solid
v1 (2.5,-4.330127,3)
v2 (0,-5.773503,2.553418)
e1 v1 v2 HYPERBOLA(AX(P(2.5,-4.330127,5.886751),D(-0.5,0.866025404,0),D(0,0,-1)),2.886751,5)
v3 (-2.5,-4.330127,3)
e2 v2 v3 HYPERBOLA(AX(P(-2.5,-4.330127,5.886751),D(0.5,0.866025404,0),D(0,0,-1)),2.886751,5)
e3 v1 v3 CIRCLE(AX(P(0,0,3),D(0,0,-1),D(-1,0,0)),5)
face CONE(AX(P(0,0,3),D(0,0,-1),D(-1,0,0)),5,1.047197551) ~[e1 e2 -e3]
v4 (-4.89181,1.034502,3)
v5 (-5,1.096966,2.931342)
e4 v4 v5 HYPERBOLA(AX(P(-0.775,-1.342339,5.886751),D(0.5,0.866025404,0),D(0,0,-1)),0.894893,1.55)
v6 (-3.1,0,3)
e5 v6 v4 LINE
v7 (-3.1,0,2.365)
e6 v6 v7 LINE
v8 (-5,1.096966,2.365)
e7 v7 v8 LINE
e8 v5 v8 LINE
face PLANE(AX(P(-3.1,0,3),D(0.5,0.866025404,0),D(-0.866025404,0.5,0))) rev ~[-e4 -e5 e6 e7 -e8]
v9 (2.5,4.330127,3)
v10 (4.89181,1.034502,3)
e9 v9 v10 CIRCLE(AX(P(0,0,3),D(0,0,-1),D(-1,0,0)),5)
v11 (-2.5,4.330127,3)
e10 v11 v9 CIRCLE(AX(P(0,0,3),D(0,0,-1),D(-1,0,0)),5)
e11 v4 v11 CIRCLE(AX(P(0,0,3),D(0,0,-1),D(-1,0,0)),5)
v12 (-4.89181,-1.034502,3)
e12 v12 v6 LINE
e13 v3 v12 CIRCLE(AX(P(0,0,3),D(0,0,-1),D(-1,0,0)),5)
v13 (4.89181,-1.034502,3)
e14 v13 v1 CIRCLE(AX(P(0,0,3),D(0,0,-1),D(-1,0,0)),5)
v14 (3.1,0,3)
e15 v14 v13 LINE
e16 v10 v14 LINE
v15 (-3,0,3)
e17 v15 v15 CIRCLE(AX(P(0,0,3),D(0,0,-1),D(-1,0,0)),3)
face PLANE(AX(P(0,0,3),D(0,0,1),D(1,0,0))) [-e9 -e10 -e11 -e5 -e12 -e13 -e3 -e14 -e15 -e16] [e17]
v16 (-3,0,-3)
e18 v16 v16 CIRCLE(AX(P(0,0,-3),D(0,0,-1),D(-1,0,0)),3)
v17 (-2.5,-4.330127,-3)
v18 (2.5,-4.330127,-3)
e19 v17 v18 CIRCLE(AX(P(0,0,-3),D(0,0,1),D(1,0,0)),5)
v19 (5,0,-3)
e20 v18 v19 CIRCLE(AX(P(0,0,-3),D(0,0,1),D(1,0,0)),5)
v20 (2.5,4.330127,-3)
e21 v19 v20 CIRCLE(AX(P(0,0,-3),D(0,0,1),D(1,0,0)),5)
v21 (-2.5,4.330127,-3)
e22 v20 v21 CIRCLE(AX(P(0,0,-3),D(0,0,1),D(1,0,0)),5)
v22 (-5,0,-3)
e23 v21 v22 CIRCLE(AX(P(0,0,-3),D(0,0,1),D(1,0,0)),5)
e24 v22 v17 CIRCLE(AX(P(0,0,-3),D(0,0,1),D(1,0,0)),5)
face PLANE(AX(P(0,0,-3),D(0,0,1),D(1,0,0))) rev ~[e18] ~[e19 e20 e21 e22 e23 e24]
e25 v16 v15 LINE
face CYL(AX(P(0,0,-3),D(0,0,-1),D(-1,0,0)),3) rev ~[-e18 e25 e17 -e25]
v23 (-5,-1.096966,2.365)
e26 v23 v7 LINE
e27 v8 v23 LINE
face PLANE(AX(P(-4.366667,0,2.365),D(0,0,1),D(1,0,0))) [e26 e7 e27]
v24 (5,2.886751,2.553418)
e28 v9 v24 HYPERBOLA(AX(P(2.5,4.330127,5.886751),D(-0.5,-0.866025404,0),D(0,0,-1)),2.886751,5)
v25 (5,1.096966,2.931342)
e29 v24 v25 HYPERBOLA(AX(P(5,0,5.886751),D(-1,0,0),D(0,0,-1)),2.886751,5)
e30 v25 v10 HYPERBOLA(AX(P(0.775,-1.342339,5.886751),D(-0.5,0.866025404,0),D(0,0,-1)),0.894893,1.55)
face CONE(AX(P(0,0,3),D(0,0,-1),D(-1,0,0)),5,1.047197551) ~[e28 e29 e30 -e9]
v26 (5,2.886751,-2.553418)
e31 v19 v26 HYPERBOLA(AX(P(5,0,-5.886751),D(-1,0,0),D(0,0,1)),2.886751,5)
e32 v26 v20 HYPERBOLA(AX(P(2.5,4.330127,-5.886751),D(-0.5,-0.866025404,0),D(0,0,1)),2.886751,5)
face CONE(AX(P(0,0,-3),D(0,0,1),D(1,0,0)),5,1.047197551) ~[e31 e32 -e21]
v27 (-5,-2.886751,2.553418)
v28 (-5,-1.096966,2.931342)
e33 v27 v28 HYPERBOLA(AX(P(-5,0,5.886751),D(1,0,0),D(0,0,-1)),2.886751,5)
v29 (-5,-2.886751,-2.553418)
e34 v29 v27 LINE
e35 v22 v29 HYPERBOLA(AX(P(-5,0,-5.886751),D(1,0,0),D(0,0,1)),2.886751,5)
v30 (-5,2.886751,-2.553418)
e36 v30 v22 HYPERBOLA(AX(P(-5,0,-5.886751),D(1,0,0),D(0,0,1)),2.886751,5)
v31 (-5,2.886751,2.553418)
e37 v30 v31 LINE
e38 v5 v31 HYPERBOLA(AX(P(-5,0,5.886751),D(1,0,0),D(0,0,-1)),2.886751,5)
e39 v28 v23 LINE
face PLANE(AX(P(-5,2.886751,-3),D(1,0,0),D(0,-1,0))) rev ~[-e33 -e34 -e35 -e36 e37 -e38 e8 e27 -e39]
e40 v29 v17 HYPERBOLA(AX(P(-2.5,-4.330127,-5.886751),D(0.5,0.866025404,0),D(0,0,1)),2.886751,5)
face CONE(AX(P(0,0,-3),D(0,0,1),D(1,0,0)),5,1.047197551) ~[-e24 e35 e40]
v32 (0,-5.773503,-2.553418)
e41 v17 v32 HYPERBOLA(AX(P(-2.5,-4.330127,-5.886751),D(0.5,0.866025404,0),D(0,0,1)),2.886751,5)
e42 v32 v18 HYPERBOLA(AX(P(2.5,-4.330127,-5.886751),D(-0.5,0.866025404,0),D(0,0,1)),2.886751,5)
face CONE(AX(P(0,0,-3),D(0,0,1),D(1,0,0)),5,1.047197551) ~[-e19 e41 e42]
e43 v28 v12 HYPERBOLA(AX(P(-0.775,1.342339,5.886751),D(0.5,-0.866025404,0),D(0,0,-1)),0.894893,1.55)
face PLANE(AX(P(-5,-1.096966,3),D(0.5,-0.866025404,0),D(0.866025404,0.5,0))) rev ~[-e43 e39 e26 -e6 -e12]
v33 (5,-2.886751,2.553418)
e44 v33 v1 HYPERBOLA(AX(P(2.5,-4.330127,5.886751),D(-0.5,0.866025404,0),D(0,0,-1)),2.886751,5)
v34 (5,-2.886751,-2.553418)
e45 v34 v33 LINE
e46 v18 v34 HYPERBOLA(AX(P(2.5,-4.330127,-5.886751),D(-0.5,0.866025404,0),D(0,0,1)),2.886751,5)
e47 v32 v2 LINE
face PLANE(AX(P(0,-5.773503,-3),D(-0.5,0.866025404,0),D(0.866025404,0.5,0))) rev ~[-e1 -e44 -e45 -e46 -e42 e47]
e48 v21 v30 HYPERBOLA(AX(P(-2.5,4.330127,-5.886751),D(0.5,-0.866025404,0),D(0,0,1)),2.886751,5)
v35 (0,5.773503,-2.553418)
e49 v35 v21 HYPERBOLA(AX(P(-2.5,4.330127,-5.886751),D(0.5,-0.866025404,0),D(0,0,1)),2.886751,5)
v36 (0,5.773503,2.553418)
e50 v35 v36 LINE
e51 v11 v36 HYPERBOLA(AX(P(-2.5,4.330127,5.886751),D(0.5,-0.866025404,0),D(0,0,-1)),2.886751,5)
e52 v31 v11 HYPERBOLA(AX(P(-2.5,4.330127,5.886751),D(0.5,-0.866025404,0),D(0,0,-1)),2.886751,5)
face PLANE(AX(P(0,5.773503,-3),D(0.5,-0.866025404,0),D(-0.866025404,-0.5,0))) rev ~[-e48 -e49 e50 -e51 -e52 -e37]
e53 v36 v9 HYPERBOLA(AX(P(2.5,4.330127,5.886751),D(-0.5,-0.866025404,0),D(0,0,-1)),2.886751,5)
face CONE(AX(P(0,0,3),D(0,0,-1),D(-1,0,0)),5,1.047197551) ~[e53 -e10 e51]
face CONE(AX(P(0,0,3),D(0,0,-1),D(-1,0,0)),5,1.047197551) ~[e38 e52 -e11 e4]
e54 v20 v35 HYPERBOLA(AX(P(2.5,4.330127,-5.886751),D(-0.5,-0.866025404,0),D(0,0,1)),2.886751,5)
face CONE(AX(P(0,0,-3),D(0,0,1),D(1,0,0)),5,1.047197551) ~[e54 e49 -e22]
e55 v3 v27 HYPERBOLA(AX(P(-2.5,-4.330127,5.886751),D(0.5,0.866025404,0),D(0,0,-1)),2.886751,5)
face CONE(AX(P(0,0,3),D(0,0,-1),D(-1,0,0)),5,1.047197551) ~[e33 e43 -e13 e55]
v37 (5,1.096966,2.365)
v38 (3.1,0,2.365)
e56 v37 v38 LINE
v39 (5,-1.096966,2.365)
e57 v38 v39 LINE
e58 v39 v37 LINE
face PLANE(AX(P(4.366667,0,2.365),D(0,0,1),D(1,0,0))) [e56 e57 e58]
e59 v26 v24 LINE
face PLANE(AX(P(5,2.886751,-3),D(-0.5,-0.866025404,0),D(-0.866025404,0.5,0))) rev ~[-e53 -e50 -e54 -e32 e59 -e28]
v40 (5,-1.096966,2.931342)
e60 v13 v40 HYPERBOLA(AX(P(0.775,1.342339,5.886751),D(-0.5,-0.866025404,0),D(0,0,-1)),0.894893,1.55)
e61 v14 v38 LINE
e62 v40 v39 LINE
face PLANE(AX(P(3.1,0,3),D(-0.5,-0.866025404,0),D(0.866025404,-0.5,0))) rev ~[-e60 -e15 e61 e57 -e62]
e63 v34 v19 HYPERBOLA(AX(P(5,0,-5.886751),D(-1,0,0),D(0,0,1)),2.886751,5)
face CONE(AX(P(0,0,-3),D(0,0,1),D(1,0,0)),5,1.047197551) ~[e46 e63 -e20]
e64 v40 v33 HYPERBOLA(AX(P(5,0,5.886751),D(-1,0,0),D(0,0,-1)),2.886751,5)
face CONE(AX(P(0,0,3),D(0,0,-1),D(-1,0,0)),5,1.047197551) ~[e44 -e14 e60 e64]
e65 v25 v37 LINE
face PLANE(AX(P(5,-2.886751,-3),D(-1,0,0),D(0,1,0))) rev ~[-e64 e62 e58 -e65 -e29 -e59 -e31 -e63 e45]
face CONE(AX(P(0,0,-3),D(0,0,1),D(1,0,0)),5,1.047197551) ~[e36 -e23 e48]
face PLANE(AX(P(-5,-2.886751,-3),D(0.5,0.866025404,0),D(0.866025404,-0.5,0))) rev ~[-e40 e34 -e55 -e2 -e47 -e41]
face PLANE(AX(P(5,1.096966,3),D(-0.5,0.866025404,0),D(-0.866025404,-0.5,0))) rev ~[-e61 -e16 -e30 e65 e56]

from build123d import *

# Parameters (mm, degrees)
EXTRUDE1_DEPTH      = 3
EXTRUDE1_DEPTH_BACK = 3
SKETCH2_OUTSIDE_W   = 52.392
SKETCH2_OUTSIDE_H   = 53.94
SKETCH2_OUTSIDE_R   = 5
CUT_EXTRUDE1_DEPTH  = 10.712534856
CUT_EXTRUDE1_DRAFT  = 60
SKETCH3_OUTSIDE_W   = 52.392
SKETCH3_OUTSIDE_H   = 53.94
SKETCH3_OUTSIDE_R   = 5
CUT_EXTRUDE2_DEPTH  = 10.712534856
CUT_EXTRUDE2_DRAFT  = 60
SKETCH4_R           = 3
CUT_EXTRUDE3_DEPTH  = 10.712534856
CUT_EXTRUDE7_DEPTH  = 0.635


with BuildPart() as part:
    # Sketch1 → Extrude1 (new, two sides: drawn at the far end of the back side and taken through both)
    with BuildSketch(Plane.XY.offset(-EXTRUDE1_DEPTH_BACK)):
        Polygon((0, 5.773502692), (-5, 2.886751346), (-5, -2.886751346), (0, -5.773502692), (5, -2.886751346), (5, 2.886751346), align=None)
    extrude(amount=EXTRUDE1_DEPTH + EXTRUDE1_DEPTH_BACK)


with BuildPart() as cut_extrude1_tool:
    # Sketch2 outside → Cut-Extrude1 (with draft: the straight prism first)
    with BuildSketch(Plane(origin=(0, 0, 3), x_dir=(-1, 0, 0), z_dir=(0, 0, -1))):
        Rectangle(SKETCH2_OUTSIDE_W, SKETCH2_OUTSIDE_H)
        Circle(SKETCH2_OUTSIDE_R, mode=Mode.SUBTRACT)
    extrude(amount=CUT_EXTRUDE1_DEPTH)
    # Cut-Extrude1: the draft: its side faces are tilted about the plane it starts from
    cut_extrude1_sides = [cut_extrude1_tool.faces().sort_by_distance(p)[0] for p in [
        (0, -26.97, -2.356267428),
        (-26.196, 0, -2.356267428),
        (0, 26.97, -2.356267428),
        (26.196, 0, -2.356267428),
        (5, 0, -2.356267428),
    ]]
    draft(cut_extrude1_sides, Plane(origin=(0, 0, 3), x_dir=(-1, 0, 0), z_dir=(0, 0, -1)), CUT_EXTRUDE1_DRAFT)


with BuildPart() as part_1:
    add(part.part)

    # Cut-Extrude1: cut by cut_extrude1_tool
    add(cut_extrude1_tool.part, mode=Mode.SUBTRACT)


with BuildPart() as cut_extrude2_tool:
    # Sketch3 outside → Cut-Extrude2 (with draft: the straight prism first)
    with BuildSketch(Plane.XY.offset(-3)):
        Rectangle(SKETCH3_OUTSIDE_W, SKETCH3_OUTSIDE_H)
        Circle(SKETCH3_OUTSIDE_R, mode=Mode.SUBTRACT)
    extrude(amount=CUT_EXTRUDE2_DEPTH)
    # Cut-Extrude2: the draft: its side faces are tilted about the plane it starts from
    cut_extrude2_sides = [cut_extrude2_tool.faces().sort_by_distance(p)[0] for p in [
        (0, -26.97, 2.356267428),
        (26.196, 0, 2.356267428),
        (0, 26.97, 2.356267428),
        (-26.196, 0, 2.356267428),
        (-5, 0, 2.356267428),
    ]]
    draft(cut_extrude2_sides, Plane.XY.offset(-3), CUT_EXTRUDE2_DRAFT)


with BuildPart() as part_2:
    add(part_1.part)

    # Cut-Extrude2: cut by cut_extrude2_tool
    add(cut_extrude2_tool.part, mode=Mode.SUBTRACT)

    # Sketch4 → Cut-Extrude3 (cut, through all)
    with BuildSketch(Plane(origin=(0, 0, -3), x_dir=(-1, 0, 0), z_dir=(0, 0, -1))):
        Circle(SKETCH4_R)
    extrude(amount=-CUT_EXTRUDE3_DEPTH, mode=Mode.SUBTRACT)

    # Sketch12 → Cut-Extrude7 (cut)
    with BuildSketch(Plane.XY.offset(3)):
        Polygon((-3.1, 0), (-5, 1.096965511), (-5, -1.096965511), align=None)
        Polygon((3.1, 0), (5, -1.096965511), (5, 1.096965511), align=None)
    extrude(amount=-CUT_EXTRUDE7_DEPTH, mode=Mode.SUBTRACT)


solid = part_2.part
